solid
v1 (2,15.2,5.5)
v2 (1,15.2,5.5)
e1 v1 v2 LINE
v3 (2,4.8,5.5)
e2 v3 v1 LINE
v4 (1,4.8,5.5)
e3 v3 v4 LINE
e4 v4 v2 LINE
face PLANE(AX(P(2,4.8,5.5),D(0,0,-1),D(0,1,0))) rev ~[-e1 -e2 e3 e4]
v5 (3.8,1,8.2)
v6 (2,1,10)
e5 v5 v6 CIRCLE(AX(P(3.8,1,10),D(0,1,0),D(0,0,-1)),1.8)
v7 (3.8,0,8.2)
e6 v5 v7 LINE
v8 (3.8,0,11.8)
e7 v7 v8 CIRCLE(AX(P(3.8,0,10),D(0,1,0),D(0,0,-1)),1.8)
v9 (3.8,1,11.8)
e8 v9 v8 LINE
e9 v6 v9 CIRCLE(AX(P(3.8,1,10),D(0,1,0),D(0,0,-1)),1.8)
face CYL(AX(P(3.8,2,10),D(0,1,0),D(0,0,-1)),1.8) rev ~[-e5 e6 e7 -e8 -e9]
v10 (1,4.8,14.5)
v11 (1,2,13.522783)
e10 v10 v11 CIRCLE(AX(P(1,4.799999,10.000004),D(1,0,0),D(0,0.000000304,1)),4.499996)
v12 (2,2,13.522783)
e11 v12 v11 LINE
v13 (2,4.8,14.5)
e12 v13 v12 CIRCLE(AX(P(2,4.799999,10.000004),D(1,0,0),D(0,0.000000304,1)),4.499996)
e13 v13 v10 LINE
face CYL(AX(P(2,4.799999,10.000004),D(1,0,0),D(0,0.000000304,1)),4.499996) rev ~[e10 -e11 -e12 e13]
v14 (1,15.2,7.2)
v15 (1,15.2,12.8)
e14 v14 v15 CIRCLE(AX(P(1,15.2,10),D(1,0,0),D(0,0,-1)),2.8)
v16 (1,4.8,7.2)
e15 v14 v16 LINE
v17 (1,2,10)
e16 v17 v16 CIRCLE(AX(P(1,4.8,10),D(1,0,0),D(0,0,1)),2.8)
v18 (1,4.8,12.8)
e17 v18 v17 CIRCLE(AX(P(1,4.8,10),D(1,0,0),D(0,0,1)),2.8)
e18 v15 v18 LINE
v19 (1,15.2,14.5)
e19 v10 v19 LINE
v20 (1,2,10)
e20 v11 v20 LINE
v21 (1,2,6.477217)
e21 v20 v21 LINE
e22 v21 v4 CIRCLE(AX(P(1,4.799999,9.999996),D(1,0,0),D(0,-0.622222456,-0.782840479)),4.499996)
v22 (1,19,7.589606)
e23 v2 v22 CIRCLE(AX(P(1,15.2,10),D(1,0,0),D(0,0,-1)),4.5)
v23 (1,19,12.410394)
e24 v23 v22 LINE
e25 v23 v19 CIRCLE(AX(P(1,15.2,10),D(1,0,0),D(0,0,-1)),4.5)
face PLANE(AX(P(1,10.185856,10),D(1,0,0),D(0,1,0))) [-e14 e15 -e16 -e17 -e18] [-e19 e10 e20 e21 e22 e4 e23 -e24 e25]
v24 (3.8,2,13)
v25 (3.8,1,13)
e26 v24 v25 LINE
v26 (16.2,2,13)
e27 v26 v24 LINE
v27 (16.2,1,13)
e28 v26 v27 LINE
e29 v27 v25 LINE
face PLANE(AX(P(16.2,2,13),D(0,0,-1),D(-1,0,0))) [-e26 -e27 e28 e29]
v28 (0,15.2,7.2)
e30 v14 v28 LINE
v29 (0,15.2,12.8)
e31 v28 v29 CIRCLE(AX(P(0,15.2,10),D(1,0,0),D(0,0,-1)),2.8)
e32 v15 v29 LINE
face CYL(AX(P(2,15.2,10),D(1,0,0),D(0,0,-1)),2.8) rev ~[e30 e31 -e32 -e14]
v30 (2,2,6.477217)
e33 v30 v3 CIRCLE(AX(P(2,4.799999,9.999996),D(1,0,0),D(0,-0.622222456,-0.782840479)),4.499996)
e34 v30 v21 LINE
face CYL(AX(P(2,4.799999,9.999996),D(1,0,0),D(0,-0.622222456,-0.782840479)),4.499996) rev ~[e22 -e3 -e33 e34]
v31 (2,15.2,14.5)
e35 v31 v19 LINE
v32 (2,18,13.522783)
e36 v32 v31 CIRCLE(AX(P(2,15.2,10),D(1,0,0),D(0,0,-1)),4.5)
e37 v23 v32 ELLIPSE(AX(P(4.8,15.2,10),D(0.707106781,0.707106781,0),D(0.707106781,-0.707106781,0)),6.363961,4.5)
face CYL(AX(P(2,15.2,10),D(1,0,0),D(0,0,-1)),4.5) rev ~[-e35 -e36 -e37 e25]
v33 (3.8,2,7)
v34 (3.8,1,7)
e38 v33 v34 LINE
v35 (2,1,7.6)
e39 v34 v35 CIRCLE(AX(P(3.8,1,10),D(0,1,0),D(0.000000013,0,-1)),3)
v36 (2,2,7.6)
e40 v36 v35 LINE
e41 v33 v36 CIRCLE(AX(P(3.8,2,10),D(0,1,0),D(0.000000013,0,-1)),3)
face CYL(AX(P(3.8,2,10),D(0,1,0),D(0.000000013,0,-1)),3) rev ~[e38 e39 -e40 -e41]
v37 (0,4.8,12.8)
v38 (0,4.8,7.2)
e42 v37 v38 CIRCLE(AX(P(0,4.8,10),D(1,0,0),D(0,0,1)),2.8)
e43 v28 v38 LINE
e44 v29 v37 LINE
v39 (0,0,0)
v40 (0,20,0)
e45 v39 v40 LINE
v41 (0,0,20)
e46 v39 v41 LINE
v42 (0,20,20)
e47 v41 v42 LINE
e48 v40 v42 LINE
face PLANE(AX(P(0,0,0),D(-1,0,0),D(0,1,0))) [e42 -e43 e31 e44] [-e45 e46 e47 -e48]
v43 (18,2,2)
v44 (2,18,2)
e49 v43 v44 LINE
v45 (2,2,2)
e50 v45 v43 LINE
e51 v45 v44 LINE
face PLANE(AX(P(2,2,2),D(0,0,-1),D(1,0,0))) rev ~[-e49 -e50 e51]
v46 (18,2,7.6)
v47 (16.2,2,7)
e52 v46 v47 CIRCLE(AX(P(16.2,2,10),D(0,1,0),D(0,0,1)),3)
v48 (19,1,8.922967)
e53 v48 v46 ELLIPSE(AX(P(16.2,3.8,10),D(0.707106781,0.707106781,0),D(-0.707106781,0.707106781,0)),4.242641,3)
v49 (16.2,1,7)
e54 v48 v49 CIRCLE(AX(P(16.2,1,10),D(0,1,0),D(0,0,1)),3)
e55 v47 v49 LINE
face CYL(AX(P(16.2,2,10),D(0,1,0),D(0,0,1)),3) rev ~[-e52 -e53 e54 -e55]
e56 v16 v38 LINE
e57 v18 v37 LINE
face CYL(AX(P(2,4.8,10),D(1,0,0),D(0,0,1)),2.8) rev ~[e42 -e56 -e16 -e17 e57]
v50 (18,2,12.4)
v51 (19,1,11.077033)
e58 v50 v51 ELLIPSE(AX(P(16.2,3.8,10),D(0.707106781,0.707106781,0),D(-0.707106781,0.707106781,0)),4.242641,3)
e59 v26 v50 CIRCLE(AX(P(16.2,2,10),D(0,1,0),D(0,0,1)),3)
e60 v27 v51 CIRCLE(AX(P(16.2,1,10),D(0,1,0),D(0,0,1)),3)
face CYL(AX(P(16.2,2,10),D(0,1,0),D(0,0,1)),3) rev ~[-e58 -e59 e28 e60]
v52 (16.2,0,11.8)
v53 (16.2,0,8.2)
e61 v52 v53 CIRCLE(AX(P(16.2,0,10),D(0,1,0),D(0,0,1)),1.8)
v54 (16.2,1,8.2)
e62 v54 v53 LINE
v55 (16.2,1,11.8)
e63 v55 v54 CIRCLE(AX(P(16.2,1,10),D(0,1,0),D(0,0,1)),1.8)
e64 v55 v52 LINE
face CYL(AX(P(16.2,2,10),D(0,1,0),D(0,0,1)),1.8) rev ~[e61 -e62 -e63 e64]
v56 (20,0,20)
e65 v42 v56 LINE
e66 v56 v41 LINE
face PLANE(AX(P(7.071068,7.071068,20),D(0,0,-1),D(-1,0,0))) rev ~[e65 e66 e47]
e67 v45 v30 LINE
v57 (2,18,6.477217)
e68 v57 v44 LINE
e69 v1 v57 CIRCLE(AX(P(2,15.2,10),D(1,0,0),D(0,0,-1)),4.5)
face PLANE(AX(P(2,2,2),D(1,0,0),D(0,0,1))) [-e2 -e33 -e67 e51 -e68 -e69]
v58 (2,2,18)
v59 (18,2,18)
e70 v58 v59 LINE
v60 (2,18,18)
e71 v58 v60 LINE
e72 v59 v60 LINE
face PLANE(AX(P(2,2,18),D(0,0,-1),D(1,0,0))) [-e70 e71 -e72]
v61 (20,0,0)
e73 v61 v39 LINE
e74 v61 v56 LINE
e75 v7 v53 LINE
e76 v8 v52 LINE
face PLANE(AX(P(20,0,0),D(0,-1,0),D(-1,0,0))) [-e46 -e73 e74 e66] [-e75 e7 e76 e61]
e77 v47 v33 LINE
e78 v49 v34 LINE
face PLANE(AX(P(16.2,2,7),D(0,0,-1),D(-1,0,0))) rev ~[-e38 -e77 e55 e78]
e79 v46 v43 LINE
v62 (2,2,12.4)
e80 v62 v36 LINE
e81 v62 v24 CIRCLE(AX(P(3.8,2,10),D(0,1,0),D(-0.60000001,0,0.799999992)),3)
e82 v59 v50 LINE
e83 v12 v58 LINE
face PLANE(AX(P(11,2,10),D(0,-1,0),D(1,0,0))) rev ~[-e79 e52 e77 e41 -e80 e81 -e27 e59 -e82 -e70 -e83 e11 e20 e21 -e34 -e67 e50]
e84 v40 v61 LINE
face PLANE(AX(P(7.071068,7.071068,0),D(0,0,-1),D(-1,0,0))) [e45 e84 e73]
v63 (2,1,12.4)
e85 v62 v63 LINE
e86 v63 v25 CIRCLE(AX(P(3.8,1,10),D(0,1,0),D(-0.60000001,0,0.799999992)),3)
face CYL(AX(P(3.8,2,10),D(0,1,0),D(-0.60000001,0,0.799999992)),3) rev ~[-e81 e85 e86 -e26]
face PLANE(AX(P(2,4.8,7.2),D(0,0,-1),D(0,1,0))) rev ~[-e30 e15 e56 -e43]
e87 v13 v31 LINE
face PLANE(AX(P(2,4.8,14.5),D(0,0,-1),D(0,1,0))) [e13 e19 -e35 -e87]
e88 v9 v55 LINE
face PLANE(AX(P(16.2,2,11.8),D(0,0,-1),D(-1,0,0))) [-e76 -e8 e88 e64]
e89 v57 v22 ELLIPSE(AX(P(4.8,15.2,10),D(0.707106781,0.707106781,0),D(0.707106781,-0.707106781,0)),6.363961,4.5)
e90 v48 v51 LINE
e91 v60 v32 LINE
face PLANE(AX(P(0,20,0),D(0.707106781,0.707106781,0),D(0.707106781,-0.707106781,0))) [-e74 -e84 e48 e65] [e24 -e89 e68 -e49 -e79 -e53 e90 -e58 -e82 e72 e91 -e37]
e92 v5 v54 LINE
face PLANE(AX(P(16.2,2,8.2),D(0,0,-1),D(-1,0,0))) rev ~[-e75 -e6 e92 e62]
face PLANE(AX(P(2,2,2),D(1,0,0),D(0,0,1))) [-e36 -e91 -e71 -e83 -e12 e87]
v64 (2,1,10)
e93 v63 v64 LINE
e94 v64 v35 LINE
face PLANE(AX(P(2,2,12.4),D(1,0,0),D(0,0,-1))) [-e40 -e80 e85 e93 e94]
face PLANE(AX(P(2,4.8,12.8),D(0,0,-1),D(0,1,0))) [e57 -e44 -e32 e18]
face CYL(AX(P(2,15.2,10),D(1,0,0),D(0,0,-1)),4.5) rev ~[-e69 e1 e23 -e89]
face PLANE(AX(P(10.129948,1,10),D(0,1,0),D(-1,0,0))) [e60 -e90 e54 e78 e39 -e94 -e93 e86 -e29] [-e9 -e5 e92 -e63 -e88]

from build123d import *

# Parameters (mm, degrees)
PAD_DEPTH            = 20
SKETCH001_W          = 18
SKETCH001_H          = 16
POCKET_DEPTH         = 18.001
POCKET001_DEPTH      = 2.001
POCKET002_DEPTH      = 1
POCKET002_DEPTH_BACK = -5
POCKET003_DEPTH      = 2.001
POCKET004_DEPTH      = 1


with BuildPart() as part:
    # Sketch → Pad (new body)
    with BuildSketch(Plane.XY):
        Polygon((0, 0), (0, 20), (20, 0), align=None)
    extrude(amount=PAD_DEPTH)

    # Sketch001 → Pocket (cut, through all)
    with BuildSketch(Plane.XZ.offset(-2)):
        with Locations((11, 10)):
            Rectangle(SKETCH001_W, SKETCH001_H)
    extrude(amount=-POCKET_DEPTH, mode=Mode.SUBTRACT)

    # Sketch002 (on Face9 of Pocket) → Pocket001 (cut, through all)
    with BuildSketch(Plane.YZ.offset(2)):
        with BuildLine():
            ThreePointArc((4.8, 12.8), (2, 10), (4.8, 7.2))
            Line((4.8, 7.2), (15.2, 7.2))
            ThreePointArc((15.2, 7.2), (18, 10), (15.2, 12.8))
            Line((4.8, 12.8), (15.2, 12.8))
        make_face()
    extrude(amount=-POCKET001_DEPTH, mode=Mode.SUBTRACT)

    # Sketch003 (on Face13 of Pocket001) → Pocket002 (cut, two sides)
    with BuildSketch(Plane.YZ.offset(2)) as pocket002_sk:
        with BuildLine():
            ThreePointArc((15.2, 5.5), (19.7, 10), (15.2, 14.5))
            Line((4.8, 14.5), (15.2, 14.5))
            ThreePointArc((4.8, 14.5), (3.317186, 14.248678), (2, 13.522783))
            Line((2, 13.522783), (2, 6.477217))
            ThreePointArc((2, 6.477217), (3.317186, 5.751322), (4.8, 5.5))
            Line((4.8, 5.5), (15.2, 5.5))
        make_face()
    extrude(amount=-POCKET002_DEPTH, mode=Mode.SUBTRACT)
    extrude(pocket002_sk.sketch, amount=-POCKET002_DEPTH_BACK, mode=Mode.SUBTRACT)

    # Sketch004 (on Face21 of Pocket002) → Pocket003 (cut, through all)
    with BuildSketch(Plane(origin=(0, 2, 0), x_dir=(-1, 0, 0), z_dir=(0, 1, 0))):
        with BuildLine():
            ThreePointArc((-16.2, 11.8), (-18, 10), (-16.2, 8.2))
            Line((-16.2, 8.2), (-3.8, 8.2))
            ThreePointArc((-3.8, 8.2), (-2, 10), (-3.8, 11.8))
            Line((-16.2, 11.8), (-3.8, 11.8))
        make_face()
    extrude(amount=-POCKET003_DEPTH, mode=Mode.SUBTRACT)

    # Sketch005 (on Face15 of Pocket003) → Pocket004 (cut)
    with BuildSketch(Plane(origin=(0, 2, 0), x_dir=(-1, 0, 0), z_dir=(0, 1, 0))):
        with BuildLine():
            ThreePointArc((-16.2, 13), (-19.2, 10), (-16.2, 7))
            Line((-16.2, 7), (-3.8, 7))
            ThreePointArc((-3.8, 7), (-2.851317, 7.15395), (-2, 7.6))
            Line((-2, 12.4), (-2, 7.6))
            ThreePointArc((-2, 12.4), (-2.851317, 12.84605), (-3.8, 13))
            Line((-16.2, 13), (-3.8, 13))
        make_face()
    extrude(amount=-POCKET004_DEPTH, mode=Mode.SUBTRACT)


solid = part.part
